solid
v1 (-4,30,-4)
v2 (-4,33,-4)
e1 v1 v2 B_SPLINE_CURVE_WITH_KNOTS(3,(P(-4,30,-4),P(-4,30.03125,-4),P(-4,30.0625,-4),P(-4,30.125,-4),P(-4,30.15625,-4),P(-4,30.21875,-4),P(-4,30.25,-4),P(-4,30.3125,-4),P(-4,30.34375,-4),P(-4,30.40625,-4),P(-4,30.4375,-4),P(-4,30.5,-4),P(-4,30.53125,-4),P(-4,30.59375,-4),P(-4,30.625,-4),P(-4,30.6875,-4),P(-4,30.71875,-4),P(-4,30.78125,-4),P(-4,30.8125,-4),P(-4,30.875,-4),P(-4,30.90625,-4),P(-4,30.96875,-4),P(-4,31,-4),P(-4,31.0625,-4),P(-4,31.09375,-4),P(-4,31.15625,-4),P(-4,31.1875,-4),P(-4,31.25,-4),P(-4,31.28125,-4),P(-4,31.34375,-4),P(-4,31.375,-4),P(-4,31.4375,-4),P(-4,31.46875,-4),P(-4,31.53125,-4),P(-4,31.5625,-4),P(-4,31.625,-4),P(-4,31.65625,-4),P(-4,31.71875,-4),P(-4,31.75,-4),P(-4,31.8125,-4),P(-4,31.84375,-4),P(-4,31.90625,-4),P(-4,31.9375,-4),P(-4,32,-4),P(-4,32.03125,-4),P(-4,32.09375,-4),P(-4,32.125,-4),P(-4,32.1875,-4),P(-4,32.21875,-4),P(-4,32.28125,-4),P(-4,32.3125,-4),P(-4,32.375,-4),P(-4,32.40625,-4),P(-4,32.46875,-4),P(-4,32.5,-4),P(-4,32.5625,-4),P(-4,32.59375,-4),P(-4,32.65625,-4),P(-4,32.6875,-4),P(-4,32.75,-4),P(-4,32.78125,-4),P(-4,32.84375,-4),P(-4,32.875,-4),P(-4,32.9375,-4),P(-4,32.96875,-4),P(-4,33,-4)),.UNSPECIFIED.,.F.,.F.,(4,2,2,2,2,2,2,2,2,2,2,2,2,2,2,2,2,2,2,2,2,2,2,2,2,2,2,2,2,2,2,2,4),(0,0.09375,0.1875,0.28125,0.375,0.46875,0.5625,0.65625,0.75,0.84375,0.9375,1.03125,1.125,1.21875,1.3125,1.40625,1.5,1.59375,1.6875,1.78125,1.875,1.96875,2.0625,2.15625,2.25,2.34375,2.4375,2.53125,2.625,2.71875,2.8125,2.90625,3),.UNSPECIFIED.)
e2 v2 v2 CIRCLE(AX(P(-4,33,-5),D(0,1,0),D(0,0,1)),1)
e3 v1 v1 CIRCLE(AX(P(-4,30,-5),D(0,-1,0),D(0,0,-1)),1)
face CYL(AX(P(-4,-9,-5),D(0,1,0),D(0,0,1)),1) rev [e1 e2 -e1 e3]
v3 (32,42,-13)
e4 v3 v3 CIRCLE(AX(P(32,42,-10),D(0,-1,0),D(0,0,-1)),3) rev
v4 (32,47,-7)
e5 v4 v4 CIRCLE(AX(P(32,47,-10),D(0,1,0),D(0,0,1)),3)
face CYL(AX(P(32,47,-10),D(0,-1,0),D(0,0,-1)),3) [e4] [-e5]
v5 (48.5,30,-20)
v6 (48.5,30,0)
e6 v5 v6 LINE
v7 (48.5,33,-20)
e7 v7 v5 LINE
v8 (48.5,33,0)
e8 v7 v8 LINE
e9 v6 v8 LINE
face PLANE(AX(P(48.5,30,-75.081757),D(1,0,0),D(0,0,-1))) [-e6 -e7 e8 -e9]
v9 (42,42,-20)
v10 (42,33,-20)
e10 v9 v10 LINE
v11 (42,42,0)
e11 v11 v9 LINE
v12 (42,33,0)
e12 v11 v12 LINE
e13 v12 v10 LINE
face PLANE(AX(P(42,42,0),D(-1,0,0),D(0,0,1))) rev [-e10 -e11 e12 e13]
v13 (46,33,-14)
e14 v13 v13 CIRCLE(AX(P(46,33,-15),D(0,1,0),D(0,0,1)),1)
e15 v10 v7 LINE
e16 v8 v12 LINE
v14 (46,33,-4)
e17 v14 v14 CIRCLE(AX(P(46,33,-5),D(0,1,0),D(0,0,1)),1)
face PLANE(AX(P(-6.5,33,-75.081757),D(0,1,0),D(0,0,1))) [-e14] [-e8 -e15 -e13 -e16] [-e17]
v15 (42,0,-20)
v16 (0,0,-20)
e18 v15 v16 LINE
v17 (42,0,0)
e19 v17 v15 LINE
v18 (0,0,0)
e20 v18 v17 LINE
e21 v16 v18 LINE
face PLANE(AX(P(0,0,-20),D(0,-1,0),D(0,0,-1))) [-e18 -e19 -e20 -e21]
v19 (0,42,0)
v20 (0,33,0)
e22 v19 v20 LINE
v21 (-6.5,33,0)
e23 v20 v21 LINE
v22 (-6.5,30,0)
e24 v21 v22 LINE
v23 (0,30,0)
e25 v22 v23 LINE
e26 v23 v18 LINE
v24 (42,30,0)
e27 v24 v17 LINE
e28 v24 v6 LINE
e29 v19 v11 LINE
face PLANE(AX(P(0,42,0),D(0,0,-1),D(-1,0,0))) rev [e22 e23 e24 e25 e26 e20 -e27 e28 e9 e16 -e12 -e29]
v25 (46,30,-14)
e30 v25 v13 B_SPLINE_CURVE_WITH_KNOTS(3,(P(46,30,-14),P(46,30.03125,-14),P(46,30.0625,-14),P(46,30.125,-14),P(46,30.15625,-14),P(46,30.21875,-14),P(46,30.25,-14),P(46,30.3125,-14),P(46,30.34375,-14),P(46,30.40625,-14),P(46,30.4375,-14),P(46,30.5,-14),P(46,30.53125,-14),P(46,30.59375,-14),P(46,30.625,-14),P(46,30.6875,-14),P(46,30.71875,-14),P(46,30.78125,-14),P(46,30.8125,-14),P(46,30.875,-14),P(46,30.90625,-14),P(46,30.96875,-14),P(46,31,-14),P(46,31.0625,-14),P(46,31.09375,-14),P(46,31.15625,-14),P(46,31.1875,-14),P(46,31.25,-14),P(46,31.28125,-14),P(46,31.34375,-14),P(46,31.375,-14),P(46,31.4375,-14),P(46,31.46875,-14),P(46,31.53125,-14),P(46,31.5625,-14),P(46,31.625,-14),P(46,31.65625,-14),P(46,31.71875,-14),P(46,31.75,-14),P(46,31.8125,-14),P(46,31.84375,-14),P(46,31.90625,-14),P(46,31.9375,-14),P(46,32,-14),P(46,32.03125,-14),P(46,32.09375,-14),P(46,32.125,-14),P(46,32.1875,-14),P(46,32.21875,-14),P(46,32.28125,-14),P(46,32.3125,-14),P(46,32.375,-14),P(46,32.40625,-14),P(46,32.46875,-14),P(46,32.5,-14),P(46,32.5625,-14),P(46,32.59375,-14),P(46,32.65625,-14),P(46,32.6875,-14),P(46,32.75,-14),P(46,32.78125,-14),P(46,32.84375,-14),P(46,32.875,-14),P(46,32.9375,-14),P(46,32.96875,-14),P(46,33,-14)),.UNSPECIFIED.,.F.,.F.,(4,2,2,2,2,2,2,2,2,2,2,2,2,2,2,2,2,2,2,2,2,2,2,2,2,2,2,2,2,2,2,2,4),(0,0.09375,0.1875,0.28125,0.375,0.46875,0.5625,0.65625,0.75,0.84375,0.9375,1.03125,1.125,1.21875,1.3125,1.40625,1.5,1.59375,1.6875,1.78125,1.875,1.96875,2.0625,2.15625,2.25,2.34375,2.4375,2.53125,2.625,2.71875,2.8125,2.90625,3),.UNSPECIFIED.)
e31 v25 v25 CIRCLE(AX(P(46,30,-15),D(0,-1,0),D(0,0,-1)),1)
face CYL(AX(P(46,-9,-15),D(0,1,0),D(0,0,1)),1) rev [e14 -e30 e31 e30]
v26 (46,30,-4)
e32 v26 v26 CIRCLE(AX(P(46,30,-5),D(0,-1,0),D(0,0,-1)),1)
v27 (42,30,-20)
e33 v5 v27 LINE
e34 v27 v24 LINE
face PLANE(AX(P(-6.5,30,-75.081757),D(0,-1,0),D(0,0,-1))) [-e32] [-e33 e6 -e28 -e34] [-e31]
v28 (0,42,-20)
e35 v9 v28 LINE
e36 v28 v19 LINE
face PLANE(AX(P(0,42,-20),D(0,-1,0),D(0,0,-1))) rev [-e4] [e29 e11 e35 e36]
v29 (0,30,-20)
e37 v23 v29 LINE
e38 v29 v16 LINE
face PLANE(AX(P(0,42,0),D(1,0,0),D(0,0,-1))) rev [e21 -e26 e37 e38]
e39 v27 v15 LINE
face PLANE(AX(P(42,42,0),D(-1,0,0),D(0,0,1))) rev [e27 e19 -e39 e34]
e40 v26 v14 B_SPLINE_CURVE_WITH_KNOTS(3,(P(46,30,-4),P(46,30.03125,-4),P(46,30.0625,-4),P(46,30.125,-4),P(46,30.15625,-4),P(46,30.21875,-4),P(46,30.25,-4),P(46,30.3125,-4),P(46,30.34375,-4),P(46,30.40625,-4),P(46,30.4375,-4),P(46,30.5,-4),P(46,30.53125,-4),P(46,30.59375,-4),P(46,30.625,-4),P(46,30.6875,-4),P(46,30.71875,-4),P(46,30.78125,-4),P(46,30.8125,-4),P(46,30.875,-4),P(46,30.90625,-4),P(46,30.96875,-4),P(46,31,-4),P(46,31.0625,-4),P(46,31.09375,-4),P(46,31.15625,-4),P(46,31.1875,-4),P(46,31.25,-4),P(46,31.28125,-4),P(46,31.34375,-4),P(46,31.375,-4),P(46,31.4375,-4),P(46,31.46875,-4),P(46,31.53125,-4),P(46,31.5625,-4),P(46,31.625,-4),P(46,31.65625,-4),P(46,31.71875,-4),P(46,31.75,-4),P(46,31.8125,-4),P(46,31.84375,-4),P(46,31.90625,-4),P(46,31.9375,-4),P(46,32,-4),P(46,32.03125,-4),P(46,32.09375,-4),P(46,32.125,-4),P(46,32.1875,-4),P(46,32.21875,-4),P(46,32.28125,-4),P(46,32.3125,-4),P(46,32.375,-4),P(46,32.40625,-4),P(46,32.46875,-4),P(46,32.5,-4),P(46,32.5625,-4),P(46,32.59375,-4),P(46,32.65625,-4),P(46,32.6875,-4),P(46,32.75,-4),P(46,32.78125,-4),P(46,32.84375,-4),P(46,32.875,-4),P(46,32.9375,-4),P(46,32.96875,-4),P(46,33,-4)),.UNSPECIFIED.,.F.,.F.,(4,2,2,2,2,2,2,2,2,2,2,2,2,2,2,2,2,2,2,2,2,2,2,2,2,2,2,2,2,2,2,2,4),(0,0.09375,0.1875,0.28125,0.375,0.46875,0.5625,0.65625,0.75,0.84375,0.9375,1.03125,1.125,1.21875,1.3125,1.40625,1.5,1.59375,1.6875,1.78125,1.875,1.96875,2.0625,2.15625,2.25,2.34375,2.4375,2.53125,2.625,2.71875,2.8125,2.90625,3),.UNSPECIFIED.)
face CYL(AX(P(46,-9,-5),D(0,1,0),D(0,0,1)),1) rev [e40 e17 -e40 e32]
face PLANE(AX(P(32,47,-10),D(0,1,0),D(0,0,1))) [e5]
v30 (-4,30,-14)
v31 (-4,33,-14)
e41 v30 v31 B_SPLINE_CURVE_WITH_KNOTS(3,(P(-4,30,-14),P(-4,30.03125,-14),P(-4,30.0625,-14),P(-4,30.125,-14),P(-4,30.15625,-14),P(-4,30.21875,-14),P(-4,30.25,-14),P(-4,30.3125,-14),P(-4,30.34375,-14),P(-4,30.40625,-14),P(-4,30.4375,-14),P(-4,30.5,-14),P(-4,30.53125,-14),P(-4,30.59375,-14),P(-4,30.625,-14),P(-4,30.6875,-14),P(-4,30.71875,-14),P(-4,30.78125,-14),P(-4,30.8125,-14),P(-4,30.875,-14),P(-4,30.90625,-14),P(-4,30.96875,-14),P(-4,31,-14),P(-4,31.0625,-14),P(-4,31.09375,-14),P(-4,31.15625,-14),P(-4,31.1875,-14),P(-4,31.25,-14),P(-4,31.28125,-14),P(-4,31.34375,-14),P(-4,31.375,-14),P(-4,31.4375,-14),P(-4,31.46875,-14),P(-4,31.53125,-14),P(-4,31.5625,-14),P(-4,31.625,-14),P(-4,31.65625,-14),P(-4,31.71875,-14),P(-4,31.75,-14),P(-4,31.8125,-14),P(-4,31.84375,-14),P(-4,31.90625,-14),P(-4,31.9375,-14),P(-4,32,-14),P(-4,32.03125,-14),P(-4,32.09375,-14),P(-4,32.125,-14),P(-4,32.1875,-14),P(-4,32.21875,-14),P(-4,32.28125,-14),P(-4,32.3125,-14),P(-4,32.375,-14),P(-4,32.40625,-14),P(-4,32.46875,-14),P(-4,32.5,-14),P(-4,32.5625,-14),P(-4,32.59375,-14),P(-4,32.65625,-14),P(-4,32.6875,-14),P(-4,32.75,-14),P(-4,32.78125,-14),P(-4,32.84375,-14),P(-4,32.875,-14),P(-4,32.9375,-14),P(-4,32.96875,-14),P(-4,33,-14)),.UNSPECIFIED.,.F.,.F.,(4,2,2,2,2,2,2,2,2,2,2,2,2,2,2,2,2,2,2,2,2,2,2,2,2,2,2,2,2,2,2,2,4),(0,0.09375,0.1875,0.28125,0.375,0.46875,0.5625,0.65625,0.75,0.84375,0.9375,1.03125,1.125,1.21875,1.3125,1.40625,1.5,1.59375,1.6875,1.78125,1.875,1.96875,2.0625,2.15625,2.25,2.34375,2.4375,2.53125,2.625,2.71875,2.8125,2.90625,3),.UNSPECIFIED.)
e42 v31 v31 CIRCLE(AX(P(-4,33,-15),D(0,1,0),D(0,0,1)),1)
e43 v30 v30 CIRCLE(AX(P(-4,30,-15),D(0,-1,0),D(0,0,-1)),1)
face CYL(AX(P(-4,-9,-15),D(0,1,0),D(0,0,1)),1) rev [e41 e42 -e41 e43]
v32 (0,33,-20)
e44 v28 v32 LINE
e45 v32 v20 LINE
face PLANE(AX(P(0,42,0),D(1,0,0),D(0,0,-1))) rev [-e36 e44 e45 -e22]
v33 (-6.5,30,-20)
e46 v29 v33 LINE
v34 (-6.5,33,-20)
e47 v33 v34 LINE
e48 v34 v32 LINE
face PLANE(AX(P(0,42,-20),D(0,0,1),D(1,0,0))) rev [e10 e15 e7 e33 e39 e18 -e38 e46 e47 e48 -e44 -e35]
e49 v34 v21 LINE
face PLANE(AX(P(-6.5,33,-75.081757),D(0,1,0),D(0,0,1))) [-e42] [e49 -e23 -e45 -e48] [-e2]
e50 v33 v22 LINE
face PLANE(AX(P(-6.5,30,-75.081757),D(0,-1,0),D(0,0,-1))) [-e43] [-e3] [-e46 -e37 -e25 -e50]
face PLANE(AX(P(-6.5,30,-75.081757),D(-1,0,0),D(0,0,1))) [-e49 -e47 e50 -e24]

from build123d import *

# Parameters (mm, degrees)
SKETCH1_W           = 42
SKETCH1_H           = 20
BOSS_EXTRUDE1_DEPTH = 42
SKETCH2_W           = 55
SKETCH2_H           = 3
BOSS_EXTRUDE2_DEPTH = 20
SKETCH3_R           = 1
CUT_EXTRUDE1_DEPTH  = 42
SKETCH4_R           = 3
BOSS_EXTRUDE3_DEPTH = 5


with BuildPart() as part:
    # Sketch1 → Boss-Extrude1 (new body)
    with BuildSketch(Plane(origin=(0, 0, 0), x_dir=(1, 0, 0), z_dir=(0, 1, 0))):
        with Locations((21, 10)):
            Rectangle(SKETCH1_W, SKETCH1_H)
    extrude(amount=BOSS_EXTRUDE1_DEPTH)

    # Sketch2 → Boss-Extrude2 (add)
    with BuildSketch(Plane.XY):
        with Locations((21, 31.5)):
            Rectangle(SKETCH2_W, SKETCH2_H)
    extrude(amount=-BOSS_EXTRUDE2_DEPTH)

    # Sketch3 → Cut-Extrude1 (cut)
    with BuildSketch(Plane(origin=(0, 33, 0), x_dir=(1, 0, 0), z_dir=(0, 1, 0))):
        with Locations(Location((-4, 15, 0), (0, 0, 270))):
            Circle(SKETCH3_R)
        with Locations(Location((-4, 5, 0), (0, 0, 270))):
            Circle(SKETCH3_R)
        with Locations(Location((46, 15, 0), (0, 0, 270))):
            Circle(SKETCH3_R)
        with Locations(Location((46, 5, 0), (0, 0, 270))):
            Circle(SKETCH3_R)
    extrude(amount=-CUT_EXTRUDE1_DEPTH, mode=Mode.SUBTRACT)

    # Sketch4 → Boss-Extrude3 (add)
    with BuildSketch(Plane(origin=(0, 42, 0), x_dir=(1, 0, 0), z_dir=(0, 1, 0))):
        with Locations(Location((32, 10, 0), (0, 0, 90))):
            Circle(SKETCH4_R)
    extrude(amount=BOSS_EXTRUDE3_DEPTH)


solid = part.part
